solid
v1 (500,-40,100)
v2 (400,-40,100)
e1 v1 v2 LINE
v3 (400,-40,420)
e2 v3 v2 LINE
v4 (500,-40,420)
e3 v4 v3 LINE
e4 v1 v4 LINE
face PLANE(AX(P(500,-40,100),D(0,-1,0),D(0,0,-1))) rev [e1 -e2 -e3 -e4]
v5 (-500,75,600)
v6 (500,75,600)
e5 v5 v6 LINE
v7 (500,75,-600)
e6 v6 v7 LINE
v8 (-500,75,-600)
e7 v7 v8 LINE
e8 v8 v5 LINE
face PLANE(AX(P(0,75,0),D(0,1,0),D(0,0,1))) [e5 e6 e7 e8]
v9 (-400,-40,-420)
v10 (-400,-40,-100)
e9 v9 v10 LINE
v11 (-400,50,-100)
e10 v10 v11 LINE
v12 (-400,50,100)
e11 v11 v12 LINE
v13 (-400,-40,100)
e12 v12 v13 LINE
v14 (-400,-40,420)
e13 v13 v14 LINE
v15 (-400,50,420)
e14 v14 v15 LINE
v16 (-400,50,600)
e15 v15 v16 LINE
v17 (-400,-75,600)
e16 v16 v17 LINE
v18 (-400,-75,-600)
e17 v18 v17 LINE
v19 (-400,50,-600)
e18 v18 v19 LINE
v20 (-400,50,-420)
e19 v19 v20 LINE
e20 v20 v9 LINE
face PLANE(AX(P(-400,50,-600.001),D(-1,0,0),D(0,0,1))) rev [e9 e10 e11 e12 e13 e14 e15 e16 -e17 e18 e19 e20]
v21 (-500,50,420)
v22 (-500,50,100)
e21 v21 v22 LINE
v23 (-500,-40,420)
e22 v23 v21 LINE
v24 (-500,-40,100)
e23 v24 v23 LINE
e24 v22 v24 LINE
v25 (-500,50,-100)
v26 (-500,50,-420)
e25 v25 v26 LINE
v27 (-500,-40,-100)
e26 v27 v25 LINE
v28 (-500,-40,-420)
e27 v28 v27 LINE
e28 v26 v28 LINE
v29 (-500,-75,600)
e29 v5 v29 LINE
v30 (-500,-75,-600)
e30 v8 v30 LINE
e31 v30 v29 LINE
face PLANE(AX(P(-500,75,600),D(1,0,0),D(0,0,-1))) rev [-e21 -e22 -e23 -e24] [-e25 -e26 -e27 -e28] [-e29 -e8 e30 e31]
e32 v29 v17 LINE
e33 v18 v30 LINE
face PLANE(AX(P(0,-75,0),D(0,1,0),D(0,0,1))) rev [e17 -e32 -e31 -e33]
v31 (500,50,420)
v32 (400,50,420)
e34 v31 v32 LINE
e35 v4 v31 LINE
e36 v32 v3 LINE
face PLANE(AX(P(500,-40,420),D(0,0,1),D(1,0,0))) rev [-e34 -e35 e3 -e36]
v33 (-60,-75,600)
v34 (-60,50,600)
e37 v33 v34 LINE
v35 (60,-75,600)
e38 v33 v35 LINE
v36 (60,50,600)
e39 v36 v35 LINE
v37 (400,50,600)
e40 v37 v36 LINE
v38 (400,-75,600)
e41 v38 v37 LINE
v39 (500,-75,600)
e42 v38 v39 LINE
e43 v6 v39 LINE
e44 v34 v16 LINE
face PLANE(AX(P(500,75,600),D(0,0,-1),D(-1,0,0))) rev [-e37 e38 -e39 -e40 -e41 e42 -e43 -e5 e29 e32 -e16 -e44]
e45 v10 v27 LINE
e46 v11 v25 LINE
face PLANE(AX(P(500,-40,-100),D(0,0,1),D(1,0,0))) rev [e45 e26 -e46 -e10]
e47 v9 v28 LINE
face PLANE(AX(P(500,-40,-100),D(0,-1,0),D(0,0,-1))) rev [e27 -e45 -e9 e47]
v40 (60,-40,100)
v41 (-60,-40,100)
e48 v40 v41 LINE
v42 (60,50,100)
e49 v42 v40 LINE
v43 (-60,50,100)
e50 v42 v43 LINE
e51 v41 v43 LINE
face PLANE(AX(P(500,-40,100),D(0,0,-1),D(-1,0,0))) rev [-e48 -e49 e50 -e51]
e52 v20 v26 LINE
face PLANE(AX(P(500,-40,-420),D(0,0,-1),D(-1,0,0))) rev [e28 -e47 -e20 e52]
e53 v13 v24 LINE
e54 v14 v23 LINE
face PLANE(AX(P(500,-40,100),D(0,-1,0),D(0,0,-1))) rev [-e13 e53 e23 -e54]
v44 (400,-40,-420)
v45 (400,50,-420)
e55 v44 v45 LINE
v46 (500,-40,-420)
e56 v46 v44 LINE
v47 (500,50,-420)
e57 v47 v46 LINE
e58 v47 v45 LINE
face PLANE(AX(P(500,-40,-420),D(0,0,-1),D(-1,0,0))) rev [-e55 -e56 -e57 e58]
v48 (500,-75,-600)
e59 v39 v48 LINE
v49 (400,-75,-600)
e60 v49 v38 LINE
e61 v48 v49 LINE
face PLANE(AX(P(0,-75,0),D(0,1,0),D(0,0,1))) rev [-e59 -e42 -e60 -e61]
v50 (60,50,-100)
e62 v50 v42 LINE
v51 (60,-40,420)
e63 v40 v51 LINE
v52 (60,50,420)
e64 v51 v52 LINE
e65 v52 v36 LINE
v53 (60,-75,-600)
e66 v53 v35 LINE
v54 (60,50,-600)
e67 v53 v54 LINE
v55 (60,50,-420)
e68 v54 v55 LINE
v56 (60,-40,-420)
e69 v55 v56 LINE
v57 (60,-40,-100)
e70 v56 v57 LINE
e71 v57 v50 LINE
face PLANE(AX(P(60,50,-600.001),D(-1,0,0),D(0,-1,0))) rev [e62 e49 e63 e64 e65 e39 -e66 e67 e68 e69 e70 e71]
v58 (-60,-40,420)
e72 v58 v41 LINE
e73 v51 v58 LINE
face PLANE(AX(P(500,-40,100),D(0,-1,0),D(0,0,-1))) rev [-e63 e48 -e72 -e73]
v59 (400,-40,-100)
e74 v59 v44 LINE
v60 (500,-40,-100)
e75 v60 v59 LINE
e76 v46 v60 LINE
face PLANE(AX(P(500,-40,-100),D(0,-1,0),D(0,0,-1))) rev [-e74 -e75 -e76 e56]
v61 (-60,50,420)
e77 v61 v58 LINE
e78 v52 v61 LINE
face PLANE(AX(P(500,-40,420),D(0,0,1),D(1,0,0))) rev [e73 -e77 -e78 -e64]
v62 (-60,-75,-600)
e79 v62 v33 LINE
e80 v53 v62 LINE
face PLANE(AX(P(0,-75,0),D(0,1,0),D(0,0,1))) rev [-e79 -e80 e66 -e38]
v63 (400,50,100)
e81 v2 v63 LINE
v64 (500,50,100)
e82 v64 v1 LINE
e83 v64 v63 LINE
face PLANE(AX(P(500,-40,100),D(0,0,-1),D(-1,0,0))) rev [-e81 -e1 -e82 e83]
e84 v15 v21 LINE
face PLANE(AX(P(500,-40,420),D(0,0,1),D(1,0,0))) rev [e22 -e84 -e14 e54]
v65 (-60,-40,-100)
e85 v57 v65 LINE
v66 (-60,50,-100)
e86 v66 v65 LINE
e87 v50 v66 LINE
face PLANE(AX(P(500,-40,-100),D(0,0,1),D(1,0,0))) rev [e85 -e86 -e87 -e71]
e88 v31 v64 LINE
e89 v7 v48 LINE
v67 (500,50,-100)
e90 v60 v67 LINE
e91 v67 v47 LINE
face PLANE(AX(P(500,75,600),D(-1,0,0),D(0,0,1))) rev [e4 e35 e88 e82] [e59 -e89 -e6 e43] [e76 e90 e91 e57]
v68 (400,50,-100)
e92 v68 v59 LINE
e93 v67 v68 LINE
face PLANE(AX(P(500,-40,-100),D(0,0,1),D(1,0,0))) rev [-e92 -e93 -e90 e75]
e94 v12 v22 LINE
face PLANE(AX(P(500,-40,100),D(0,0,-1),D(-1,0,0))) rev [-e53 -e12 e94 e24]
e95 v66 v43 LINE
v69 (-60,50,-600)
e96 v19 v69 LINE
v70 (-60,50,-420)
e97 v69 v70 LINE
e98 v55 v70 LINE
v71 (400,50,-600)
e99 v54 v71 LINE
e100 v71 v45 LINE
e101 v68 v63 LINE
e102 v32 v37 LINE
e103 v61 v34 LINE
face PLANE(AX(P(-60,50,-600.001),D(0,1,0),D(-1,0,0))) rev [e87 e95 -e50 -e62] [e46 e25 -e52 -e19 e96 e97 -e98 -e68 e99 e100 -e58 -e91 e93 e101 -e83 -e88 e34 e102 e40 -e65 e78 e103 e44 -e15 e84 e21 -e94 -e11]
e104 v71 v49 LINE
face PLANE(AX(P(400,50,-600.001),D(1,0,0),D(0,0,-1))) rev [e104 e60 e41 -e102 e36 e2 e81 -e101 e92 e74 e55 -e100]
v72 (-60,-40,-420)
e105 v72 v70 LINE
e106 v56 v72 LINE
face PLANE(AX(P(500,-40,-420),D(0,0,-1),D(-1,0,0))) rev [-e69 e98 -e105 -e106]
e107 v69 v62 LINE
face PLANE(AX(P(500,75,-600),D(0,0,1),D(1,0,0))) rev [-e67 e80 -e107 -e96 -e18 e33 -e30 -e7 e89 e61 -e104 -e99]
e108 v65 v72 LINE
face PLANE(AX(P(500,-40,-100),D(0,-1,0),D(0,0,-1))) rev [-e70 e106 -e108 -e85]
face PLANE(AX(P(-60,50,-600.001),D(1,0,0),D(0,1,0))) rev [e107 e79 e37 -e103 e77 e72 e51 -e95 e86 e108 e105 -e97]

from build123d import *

# Parameters (mm, degrees)
SKETCH_1_W          = 1000
SKETCH_1_H          = 1200
EXTRUDE_1_DEPTH     = 75
CUT_EXTRUDE_1_REACH = 1304.162
SKETCH_2_W          = 340
SKETCH_2_H          = 125
SKETCH_3_W          = 320
SKETCH_3_H          = 90
CUT_EXTRUDE_2_DEPTH = 1169.599589252


with BuildPart() as part:
    # 草图1 → 凸台-拉伸1 (new, symmetric)
    with BuildSketch(Plane(origin=(0, 0, 0), x_dir=(1, 0, 0), z_dir=(0, 1, 0))):
        Rectangle(SKETCH_1_W, SKETCH_1_H)
    extrude(amount=EXTRUDE_1_DEPTH, both=True)

    # 草图2 → 切除-拉伸1 (cut, up to next)
    with BuildSketch(Plane.XY.offset(600), mode=Mode.PRIVATE) as cut_extrude_1_sk1:
        with Locations((-230, -12.5)):
            Rectangle(SKETCH_2_W, SKETCH_2_H)
    cut_extrude_1_tool1 = extrude(cut_extrude_1_sk1.sketch, amount=-CUT_EXTRUDE_1_REACH, mode=Mode.PRIVATE) & part.part
    # 草图2 → 切除-拉伸1 (cut, up to next)
    with BuildSketch(Plane.XY.offset(600), mode=Mode.PRIVATE) as cut_extrude_1_sk2:
        with Locations((230, -12.5)):
            Rectangle(SKETCH_2_W, SKETCH_2_H)
    cut_extrude_1_tool2 = extrude(cut_extrude_1_sk2.sketch, amount=-CUT_EXTRUDE_1_REACH, mode=Mode.PRIVATE) & part.part
    add(cut_extrude_1_tool1.solids().sort_by_distance((-230, -12.5, 600))[0], mode=Mode.SUBTRACT)
    add(cut_extrude_1_tool2.solids().sort_by_distance((230, -12.5, 600))[0], mode=Mode.SUBTRACT)

    # 草图3 → 切除-拉伸2 (cut, through all)
    with BuildSketch(Plane.ZY.offset(500)):
        with Locations((260, 5)):
            Rectangle(SKETCH_3_W, SKETCH_3_H)
        with Locations((-260, 5)):
            Rectangle(SKETCH_3_W, SKETCH_3_H)
    extrude(amount=-CUT_EXTRUDE_2_DEPTH, mode=Mode.SUBTRACT)


solid = part.part
